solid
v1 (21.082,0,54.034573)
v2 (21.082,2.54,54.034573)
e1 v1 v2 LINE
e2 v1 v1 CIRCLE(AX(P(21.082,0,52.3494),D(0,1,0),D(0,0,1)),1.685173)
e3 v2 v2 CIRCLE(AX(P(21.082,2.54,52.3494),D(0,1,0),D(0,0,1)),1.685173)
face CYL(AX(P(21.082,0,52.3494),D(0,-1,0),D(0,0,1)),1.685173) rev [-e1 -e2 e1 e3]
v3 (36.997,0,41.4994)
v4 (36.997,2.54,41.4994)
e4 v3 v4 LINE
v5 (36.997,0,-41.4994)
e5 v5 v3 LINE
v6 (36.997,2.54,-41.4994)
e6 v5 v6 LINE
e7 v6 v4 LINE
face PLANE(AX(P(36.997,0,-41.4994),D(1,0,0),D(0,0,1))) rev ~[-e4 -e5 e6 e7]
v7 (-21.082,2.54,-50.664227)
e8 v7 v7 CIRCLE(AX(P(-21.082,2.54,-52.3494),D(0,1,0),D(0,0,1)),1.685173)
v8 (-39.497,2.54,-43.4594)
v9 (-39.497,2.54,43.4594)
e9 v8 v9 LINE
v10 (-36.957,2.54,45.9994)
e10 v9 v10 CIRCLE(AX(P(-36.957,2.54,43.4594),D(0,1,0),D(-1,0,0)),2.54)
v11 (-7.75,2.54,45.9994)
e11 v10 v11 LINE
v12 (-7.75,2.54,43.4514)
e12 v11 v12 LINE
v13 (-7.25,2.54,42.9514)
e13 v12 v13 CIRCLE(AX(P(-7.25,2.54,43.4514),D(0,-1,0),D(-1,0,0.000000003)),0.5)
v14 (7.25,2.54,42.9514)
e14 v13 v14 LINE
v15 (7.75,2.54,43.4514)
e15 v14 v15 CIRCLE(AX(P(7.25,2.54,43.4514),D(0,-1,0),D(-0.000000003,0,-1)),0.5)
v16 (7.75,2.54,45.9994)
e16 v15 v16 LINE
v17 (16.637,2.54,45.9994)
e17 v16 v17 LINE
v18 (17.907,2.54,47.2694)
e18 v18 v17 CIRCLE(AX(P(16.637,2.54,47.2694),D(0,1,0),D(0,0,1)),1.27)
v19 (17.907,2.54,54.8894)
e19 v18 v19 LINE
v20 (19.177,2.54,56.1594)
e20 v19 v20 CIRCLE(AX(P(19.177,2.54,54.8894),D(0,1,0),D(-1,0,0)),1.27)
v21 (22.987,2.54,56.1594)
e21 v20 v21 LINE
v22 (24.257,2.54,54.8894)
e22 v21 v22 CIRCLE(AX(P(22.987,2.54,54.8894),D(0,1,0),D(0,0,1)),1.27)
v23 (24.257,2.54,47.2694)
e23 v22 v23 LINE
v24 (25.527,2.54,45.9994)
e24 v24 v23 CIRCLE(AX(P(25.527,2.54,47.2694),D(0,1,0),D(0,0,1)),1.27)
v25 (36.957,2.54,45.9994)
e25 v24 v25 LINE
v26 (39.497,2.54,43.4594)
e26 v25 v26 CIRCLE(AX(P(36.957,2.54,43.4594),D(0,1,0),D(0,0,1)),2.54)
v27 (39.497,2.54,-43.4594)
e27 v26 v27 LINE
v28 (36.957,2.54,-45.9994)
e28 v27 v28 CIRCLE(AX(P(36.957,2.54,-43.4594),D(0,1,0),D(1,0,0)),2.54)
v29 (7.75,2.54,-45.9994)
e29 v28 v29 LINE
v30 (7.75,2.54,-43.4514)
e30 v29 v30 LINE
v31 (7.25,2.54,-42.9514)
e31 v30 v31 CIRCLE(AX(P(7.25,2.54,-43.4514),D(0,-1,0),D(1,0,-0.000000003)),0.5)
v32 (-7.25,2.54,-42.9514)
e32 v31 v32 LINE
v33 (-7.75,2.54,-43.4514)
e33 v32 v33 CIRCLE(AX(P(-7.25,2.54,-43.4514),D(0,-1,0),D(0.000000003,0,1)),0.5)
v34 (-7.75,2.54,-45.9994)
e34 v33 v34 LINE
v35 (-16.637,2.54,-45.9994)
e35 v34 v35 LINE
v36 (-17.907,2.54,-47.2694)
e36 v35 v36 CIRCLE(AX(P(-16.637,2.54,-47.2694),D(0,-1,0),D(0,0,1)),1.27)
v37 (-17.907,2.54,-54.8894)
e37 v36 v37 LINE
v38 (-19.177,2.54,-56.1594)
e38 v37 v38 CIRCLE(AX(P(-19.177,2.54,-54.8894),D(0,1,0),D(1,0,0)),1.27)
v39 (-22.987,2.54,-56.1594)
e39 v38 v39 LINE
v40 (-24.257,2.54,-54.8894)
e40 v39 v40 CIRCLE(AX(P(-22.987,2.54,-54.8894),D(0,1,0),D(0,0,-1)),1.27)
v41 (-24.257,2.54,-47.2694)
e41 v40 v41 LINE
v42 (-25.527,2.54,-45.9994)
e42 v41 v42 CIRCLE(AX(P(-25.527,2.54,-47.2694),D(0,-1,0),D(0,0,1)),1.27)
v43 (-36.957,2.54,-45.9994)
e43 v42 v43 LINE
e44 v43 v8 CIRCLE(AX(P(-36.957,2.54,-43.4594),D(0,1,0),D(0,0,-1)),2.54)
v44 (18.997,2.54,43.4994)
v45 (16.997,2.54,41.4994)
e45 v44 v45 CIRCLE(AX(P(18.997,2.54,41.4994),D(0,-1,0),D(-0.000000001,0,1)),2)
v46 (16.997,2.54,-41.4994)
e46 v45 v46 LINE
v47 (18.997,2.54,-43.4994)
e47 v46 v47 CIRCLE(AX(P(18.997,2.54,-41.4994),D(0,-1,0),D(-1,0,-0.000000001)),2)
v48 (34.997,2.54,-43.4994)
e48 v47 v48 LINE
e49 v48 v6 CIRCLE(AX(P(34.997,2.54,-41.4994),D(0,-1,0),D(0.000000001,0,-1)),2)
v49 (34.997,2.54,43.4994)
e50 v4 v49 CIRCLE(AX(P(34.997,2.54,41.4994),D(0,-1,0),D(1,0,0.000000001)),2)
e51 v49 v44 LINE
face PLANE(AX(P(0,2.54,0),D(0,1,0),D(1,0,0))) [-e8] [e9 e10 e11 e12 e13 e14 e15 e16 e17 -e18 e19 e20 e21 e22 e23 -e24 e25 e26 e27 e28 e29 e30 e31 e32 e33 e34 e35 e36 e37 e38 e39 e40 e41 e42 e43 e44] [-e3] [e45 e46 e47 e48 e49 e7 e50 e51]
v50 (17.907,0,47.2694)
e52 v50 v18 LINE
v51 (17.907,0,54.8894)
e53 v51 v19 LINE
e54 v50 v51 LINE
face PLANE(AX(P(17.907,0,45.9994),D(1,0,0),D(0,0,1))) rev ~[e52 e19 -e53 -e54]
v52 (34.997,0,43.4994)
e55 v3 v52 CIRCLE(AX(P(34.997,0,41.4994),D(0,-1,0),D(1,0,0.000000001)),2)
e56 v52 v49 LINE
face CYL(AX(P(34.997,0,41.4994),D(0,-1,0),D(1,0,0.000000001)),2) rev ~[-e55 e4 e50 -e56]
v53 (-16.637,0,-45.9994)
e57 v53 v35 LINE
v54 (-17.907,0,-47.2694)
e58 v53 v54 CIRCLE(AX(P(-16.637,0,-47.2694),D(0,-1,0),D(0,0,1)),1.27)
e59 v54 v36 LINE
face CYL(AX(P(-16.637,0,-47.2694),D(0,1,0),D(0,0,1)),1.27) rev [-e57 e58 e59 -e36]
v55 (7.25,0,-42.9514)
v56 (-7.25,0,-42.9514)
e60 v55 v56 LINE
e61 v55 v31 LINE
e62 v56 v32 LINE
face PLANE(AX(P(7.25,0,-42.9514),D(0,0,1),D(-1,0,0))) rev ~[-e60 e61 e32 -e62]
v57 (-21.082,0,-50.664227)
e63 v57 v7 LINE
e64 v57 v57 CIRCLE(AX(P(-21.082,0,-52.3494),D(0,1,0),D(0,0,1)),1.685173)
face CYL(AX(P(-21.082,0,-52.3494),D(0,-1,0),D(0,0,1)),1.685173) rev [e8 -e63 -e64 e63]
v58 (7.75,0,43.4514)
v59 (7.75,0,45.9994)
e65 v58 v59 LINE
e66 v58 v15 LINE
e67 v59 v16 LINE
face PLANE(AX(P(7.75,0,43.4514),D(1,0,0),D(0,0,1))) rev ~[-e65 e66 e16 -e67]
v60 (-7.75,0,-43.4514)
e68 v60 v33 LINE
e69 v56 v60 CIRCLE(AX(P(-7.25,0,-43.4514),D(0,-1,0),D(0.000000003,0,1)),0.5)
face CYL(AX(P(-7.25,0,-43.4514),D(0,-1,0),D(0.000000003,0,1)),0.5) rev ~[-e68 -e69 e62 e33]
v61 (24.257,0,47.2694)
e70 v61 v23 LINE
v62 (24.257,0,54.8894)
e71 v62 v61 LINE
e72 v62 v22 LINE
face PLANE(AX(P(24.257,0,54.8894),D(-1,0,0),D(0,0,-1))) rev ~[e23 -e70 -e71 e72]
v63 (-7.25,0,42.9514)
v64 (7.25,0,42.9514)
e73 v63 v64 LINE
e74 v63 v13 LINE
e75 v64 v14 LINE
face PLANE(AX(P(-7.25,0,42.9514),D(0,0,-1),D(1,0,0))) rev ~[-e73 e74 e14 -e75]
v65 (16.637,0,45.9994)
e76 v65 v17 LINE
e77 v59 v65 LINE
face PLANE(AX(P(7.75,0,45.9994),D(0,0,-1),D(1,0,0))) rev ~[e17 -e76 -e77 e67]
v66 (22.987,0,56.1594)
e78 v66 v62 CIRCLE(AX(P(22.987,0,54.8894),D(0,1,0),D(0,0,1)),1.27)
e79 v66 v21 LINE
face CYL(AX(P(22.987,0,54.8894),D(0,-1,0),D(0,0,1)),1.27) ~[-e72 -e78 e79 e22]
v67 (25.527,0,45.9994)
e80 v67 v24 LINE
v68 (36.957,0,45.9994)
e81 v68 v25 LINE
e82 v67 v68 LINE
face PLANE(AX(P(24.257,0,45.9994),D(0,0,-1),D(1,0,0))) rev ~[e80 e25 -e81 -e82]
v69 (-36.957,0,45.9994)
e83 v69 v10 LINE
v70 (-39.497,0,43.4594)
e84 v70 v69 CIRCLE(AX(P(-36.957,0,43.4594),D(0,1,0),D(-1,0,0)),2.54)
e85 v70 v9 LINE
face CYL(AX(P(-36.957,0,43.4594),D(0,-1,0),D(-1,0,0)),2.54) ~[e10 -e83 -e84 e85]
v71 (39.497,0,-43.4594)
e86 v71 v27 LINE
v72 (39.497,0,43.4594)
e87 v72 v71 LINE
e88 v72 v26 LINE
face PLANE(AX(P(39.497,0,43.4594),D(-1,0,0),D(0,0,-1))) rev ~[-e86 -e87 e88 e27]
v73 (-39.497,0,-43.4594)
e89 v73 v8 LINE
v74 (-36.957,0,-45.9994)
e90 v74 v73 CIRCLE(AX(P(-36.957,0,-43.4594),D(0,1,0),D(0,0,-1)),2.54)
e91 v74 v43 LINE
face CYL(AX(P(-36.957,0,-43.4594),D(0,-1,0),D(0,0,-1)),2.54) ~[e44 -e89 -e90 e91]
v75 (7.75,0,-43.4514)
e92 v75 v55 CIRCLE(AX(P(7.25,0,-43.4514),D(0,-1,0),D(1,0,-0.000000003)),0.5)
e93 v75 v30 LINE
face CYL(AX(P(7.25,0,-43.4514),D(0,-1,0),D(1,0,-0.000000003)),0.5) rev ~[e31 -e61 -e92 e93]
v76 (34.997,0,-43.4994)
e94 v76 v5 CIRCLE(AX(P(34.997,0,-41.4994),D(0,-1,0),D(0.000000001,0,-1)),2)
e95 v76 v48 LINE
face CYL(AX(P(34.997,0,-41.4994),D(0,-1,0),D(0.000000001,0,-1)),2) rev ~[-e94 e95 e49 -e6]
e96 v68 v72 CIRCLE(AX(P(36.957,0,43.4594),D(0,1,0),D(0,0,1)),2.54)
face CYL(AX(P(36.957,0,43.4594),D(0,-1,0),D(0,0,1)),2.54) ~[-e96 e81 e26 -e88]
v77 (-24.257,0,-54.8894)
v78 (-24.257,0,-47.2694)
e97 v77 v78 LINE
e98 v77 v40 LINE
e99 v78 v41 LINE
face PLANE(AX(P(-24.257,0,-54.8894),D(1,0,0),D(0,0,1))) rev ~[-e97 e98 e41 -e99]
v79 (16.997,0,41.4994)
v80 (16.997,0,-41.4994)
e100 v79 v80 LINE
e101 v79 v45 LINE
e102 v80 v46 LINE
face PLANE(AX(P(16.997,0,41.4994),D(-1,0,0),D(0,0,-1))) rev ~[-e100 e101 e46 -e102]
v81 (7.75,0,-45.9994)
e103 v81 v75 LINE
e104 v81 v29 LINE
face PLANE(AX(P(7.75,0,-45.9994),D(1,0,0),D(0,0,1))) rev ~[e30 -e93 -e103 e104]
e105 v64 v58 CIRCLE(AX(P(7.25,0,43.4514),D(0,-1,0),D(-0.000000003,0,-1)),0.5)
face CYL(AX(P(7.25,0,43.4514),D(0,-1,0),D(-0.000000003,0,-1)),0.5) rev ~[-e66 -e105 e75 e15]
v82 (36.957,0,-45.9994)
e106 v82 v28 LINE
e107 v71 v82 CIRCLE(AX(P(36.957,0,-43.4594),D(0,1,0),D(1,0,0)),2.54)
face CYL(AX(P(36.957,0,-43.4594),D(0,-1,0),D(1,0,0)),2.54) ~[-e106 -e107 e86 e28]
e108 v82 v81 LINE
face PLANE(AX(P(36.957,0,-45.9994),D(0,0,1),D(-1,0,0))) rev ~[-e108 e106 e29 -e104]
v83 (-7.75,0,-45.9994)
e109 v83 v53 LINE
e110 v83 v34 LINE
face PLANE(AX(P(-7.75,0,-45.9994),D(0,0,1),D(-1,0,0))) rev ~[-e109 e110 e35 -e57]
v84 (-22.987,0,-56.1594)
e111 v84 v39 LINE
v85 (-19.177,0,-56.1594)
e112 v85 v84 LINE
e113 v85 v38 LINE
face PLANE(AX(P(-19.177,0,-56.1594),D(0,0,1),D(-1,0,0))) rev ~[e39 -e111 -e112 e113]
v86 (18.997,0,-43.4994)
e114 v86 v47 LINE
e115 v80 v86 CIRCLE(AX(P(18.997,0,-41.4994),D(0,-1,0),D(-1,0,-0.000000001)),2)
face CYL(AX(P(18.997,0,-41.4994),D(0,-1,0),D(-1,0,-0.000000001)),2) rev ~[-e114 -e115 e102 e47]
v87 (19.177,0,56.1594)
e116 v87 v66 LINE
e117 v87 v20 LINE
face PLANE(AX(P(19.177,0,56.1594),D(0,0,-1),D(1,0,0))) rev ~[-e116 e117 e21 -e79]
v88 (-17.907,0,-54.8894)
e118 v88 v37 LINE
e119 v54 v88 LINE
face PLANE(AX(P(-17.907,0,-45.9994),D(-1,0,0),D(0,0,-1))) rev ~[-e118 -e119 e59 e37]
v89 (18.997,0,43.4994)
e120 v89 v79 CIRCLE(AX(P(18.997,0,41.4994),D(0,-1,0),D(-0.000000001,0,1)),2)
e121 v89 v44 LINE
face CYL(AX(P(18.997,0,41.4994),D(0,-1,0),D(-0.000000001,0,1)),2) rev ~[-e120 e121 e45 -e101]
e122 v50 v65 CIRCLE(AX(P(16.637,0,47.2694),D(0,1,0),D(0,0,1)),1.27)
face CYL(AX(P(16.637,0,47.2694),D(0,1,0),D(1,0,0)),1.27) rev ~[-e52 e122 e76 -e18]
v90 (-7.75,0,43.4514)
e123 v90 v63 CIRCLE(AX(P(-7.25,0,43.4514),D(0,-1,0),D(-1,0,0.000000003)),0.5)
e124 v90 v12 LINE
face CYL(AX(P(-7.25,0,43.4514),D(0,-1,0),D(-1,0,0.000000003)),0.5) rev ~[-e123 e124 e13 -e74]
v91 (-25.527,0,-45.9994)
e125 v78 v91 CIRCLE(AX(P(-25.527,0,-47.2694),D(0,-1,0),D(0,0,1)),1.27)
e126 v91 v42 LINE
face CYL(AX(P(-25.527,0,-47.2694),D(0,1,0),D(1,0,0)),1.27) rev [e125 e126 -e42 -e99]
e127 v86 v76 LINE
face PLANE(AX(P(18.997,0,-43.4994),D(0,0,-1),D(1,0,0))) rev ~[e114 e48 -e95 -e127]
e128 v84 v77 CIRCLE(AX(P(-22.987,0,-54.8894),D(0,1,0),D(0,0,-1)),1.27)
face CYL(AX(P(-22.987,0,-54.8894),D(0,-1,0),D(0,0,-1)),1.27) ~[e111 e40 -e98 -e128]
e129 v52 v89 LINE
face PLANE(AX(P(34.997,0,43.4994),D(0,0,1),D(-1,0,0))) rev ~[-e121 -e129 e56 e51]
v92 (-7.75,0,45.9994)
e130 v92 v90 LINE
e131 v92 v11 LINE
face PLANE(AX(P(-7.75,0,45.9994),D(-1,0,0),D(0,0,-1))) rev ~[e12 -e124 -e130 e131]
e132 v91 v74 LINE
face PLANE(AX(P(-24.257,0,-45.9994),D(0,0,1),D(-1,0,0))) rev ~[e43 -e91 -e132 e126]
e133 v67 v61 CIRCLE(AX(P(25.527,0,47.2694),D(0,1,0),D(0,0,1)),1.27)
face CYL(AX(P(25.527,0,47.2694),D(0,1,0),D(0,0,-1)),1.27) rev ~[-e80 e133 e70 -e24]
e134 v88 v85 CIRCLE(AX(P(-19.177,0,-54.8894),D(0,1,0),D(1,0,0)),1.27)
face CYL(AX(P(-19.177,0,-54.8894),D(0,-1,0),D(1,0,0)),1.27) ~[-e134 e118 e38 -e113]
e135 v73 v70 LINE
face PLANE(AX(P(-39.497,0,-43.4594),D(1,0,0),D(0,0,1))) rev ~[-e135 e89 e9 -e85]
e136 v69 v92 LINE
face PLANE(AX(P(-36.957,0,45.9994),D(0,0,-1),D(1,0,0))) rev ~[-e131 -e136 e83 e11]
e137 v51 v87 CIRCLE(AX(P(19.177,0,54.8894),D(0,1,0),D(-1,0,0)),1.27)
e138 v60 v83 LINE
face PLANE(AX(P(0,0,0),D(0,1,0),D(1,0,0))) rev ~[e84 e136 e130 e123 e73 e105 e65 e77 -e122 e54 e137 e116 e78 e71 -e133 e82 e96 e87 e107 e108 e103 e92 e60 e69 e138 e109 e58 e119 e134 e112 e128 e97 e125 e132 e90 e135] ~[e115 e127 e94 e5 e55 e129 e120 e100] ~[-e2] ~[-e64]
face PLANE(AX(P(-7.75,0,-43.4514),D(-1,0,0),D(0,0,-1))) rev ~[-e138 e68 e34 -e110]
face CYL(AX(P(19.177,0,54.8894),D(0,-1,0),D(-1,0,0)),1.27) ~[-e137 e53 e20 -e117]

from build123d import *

# Parameters (mm, degrees)
SKETCH1_R           = 1.685173155
BOSS_EXTRUDE2_DEPTH = 2.54
FILLET1_R           = 1.27


with BuildPart() as part:
    # Sketch1 → Boss-Extrude2 (new body)
    with BuildSketch(Plane(origin=(0, 0, 0), x_dir=(1, 0, 0), z_dir=(0, 1, 0))):
        with BuildLine():
            Line((7.25, 42.9514), (-7.25, 42.9514))
            ThreePointArc((-7.25, 42.9514), (-7.603553391, 43.097846609), (-7.75, 43.4514))
            Line((-7.75, 43.4514), (-7.75, 45.9994))
            Line((-7.75, 45.9994), (-17.907, 45.9994))
            Line((-17.907, 45.9994), (-17.907, 54.8894))
            ThreePointArc((-17.907, 54.8894), (-18.278974388, 55.787425612), (-19.177, 56.1594))
            Line((-19.177, 56.1594), (-22.987, 56.1594))
            ThreePointArc((-22.987, 56.1594), (-23.885025612, 55.787425612), (-24.257, 54.8894))
            Line((-24.257, 54.8894), (-24.257, 45.9994))
            Line((-24.257, 45.9994), (-36.957, 45.9994))
            ThreePointArc((-36.957, 45.9994), (-38.753051224, 45.255451224), (-39.497, 43.4594))
            Line((-39.497, 43.4594), (-39.497, -43.4594))
            ThreePointArc((-39.497, -43.4594), (-38.753051224, -45.255451224), (-36.957, -45.9994))
            Line((-36.957, -45.9994), (-7.75, -45.9994))
            Line((-7.75, -45.9994), (-7.75, -43.4514))
            ThreePointArc((-7.75, -43.4514), (-7.603553391, -43.097846609), (-7.25, -42.9514))
            Line((-7.25, -42.9514), (7.25, -42.9514))
            ThreePointArc((7.25, -42.9514), (7.603553391, -43.097846609), (7.75, -43.4514))
            Line((7.75, -43.4514), (7.75, -45.9994))
            Line((7.75, -45.9994), (17.907, -45.9994))
            Line((17.907, -45.9994), (17.907, -54.8894))
            ThreePointArc((17.907, -54.8894), (18.278974388, -55.787425612), (19.177, -56.1594))
            Line((19.177, -56.1594), (22.987, -56.1594))
            ThreePointArc((22.987, -56.1594), (23.885025612, -55.787425612), (24.257, -54.8894))
            Line((24.257, -54.8894), (24.257, -45.9994))
            Line((24.257, -45.9994), (36.957, -45.9994))
            ThreePointArc((36.957, -45.9994), (38.753051224, -45.255451224), (39.497, -43.4594))
            Line((39.497, -43.4594), (39.497, 43.4594))
            ThreePointArc((39.497, 43.4594), (38.753051224, 45.255451224), (36.957, 45.9994))
            Line((36.957, 45.9994), (7.75, 45.9994))
            Line((7.75, 45.9994), (7.75, 43.4514))
            ThreePointArc((7.75, 43.4514), (7.603553391, 43.097846609), (7.25, 42.9514))
        make_face()
        with BuildLine():
            ThreePointArc((16.997, 41.4994), (17.582786438, 42.913613562), (18.997, 43.4994))
            Line((18.997, 43.4994), (34.997, 43.4994))
            ThreePointArc((34.997, 43.4994), (36.411213562, 42.913613562), (36.997, 41.4994))
            Line((36.997, 41.4994), (36.997, -41.4994))
            ThreePointArc((36.997, -41.4994), (36.411213562, -42.913613562), (34.997, -43.4994))
            Line((34.997, -43.4994), (18.997, -43.4994))
            ThreePointArc((18.997, -43.4994), (17.582786438, -42.913613562), (16.997, -41.4994))
            Line((16.997, -41.4994), (16.997, 41.4994))
        make_face(mode=Mode.SUBTRACT)
        with Locations(Location((-21.082, 52.3494, 0), (0, 0, 270))):
            Circle(SKETCH1_R, mode=Mode.SUBTRACT)
        with Locations(Location((21.082, -52.3494, 0), (0, 0, 270))):
            Circle(SKETCH1_R, mode=Mode.SUBTRACT)
    extrude(amount=BOSS_EXTRUDE2_DEPTH)

    # Fillet1
    fillet1_edges = [part.edges().sort_by_distance(p)[0] for p in [
        (-24.257, 1.27, -45.9994),
        (-17.907, 1.27, -45.9994),
        (24.257, 1.27, 45.9994),
        (17.907, 1.27, 45.9994),
    ]]
    fillet(fillet1_edges, radius=FILLET1_R)


solid = part.part
